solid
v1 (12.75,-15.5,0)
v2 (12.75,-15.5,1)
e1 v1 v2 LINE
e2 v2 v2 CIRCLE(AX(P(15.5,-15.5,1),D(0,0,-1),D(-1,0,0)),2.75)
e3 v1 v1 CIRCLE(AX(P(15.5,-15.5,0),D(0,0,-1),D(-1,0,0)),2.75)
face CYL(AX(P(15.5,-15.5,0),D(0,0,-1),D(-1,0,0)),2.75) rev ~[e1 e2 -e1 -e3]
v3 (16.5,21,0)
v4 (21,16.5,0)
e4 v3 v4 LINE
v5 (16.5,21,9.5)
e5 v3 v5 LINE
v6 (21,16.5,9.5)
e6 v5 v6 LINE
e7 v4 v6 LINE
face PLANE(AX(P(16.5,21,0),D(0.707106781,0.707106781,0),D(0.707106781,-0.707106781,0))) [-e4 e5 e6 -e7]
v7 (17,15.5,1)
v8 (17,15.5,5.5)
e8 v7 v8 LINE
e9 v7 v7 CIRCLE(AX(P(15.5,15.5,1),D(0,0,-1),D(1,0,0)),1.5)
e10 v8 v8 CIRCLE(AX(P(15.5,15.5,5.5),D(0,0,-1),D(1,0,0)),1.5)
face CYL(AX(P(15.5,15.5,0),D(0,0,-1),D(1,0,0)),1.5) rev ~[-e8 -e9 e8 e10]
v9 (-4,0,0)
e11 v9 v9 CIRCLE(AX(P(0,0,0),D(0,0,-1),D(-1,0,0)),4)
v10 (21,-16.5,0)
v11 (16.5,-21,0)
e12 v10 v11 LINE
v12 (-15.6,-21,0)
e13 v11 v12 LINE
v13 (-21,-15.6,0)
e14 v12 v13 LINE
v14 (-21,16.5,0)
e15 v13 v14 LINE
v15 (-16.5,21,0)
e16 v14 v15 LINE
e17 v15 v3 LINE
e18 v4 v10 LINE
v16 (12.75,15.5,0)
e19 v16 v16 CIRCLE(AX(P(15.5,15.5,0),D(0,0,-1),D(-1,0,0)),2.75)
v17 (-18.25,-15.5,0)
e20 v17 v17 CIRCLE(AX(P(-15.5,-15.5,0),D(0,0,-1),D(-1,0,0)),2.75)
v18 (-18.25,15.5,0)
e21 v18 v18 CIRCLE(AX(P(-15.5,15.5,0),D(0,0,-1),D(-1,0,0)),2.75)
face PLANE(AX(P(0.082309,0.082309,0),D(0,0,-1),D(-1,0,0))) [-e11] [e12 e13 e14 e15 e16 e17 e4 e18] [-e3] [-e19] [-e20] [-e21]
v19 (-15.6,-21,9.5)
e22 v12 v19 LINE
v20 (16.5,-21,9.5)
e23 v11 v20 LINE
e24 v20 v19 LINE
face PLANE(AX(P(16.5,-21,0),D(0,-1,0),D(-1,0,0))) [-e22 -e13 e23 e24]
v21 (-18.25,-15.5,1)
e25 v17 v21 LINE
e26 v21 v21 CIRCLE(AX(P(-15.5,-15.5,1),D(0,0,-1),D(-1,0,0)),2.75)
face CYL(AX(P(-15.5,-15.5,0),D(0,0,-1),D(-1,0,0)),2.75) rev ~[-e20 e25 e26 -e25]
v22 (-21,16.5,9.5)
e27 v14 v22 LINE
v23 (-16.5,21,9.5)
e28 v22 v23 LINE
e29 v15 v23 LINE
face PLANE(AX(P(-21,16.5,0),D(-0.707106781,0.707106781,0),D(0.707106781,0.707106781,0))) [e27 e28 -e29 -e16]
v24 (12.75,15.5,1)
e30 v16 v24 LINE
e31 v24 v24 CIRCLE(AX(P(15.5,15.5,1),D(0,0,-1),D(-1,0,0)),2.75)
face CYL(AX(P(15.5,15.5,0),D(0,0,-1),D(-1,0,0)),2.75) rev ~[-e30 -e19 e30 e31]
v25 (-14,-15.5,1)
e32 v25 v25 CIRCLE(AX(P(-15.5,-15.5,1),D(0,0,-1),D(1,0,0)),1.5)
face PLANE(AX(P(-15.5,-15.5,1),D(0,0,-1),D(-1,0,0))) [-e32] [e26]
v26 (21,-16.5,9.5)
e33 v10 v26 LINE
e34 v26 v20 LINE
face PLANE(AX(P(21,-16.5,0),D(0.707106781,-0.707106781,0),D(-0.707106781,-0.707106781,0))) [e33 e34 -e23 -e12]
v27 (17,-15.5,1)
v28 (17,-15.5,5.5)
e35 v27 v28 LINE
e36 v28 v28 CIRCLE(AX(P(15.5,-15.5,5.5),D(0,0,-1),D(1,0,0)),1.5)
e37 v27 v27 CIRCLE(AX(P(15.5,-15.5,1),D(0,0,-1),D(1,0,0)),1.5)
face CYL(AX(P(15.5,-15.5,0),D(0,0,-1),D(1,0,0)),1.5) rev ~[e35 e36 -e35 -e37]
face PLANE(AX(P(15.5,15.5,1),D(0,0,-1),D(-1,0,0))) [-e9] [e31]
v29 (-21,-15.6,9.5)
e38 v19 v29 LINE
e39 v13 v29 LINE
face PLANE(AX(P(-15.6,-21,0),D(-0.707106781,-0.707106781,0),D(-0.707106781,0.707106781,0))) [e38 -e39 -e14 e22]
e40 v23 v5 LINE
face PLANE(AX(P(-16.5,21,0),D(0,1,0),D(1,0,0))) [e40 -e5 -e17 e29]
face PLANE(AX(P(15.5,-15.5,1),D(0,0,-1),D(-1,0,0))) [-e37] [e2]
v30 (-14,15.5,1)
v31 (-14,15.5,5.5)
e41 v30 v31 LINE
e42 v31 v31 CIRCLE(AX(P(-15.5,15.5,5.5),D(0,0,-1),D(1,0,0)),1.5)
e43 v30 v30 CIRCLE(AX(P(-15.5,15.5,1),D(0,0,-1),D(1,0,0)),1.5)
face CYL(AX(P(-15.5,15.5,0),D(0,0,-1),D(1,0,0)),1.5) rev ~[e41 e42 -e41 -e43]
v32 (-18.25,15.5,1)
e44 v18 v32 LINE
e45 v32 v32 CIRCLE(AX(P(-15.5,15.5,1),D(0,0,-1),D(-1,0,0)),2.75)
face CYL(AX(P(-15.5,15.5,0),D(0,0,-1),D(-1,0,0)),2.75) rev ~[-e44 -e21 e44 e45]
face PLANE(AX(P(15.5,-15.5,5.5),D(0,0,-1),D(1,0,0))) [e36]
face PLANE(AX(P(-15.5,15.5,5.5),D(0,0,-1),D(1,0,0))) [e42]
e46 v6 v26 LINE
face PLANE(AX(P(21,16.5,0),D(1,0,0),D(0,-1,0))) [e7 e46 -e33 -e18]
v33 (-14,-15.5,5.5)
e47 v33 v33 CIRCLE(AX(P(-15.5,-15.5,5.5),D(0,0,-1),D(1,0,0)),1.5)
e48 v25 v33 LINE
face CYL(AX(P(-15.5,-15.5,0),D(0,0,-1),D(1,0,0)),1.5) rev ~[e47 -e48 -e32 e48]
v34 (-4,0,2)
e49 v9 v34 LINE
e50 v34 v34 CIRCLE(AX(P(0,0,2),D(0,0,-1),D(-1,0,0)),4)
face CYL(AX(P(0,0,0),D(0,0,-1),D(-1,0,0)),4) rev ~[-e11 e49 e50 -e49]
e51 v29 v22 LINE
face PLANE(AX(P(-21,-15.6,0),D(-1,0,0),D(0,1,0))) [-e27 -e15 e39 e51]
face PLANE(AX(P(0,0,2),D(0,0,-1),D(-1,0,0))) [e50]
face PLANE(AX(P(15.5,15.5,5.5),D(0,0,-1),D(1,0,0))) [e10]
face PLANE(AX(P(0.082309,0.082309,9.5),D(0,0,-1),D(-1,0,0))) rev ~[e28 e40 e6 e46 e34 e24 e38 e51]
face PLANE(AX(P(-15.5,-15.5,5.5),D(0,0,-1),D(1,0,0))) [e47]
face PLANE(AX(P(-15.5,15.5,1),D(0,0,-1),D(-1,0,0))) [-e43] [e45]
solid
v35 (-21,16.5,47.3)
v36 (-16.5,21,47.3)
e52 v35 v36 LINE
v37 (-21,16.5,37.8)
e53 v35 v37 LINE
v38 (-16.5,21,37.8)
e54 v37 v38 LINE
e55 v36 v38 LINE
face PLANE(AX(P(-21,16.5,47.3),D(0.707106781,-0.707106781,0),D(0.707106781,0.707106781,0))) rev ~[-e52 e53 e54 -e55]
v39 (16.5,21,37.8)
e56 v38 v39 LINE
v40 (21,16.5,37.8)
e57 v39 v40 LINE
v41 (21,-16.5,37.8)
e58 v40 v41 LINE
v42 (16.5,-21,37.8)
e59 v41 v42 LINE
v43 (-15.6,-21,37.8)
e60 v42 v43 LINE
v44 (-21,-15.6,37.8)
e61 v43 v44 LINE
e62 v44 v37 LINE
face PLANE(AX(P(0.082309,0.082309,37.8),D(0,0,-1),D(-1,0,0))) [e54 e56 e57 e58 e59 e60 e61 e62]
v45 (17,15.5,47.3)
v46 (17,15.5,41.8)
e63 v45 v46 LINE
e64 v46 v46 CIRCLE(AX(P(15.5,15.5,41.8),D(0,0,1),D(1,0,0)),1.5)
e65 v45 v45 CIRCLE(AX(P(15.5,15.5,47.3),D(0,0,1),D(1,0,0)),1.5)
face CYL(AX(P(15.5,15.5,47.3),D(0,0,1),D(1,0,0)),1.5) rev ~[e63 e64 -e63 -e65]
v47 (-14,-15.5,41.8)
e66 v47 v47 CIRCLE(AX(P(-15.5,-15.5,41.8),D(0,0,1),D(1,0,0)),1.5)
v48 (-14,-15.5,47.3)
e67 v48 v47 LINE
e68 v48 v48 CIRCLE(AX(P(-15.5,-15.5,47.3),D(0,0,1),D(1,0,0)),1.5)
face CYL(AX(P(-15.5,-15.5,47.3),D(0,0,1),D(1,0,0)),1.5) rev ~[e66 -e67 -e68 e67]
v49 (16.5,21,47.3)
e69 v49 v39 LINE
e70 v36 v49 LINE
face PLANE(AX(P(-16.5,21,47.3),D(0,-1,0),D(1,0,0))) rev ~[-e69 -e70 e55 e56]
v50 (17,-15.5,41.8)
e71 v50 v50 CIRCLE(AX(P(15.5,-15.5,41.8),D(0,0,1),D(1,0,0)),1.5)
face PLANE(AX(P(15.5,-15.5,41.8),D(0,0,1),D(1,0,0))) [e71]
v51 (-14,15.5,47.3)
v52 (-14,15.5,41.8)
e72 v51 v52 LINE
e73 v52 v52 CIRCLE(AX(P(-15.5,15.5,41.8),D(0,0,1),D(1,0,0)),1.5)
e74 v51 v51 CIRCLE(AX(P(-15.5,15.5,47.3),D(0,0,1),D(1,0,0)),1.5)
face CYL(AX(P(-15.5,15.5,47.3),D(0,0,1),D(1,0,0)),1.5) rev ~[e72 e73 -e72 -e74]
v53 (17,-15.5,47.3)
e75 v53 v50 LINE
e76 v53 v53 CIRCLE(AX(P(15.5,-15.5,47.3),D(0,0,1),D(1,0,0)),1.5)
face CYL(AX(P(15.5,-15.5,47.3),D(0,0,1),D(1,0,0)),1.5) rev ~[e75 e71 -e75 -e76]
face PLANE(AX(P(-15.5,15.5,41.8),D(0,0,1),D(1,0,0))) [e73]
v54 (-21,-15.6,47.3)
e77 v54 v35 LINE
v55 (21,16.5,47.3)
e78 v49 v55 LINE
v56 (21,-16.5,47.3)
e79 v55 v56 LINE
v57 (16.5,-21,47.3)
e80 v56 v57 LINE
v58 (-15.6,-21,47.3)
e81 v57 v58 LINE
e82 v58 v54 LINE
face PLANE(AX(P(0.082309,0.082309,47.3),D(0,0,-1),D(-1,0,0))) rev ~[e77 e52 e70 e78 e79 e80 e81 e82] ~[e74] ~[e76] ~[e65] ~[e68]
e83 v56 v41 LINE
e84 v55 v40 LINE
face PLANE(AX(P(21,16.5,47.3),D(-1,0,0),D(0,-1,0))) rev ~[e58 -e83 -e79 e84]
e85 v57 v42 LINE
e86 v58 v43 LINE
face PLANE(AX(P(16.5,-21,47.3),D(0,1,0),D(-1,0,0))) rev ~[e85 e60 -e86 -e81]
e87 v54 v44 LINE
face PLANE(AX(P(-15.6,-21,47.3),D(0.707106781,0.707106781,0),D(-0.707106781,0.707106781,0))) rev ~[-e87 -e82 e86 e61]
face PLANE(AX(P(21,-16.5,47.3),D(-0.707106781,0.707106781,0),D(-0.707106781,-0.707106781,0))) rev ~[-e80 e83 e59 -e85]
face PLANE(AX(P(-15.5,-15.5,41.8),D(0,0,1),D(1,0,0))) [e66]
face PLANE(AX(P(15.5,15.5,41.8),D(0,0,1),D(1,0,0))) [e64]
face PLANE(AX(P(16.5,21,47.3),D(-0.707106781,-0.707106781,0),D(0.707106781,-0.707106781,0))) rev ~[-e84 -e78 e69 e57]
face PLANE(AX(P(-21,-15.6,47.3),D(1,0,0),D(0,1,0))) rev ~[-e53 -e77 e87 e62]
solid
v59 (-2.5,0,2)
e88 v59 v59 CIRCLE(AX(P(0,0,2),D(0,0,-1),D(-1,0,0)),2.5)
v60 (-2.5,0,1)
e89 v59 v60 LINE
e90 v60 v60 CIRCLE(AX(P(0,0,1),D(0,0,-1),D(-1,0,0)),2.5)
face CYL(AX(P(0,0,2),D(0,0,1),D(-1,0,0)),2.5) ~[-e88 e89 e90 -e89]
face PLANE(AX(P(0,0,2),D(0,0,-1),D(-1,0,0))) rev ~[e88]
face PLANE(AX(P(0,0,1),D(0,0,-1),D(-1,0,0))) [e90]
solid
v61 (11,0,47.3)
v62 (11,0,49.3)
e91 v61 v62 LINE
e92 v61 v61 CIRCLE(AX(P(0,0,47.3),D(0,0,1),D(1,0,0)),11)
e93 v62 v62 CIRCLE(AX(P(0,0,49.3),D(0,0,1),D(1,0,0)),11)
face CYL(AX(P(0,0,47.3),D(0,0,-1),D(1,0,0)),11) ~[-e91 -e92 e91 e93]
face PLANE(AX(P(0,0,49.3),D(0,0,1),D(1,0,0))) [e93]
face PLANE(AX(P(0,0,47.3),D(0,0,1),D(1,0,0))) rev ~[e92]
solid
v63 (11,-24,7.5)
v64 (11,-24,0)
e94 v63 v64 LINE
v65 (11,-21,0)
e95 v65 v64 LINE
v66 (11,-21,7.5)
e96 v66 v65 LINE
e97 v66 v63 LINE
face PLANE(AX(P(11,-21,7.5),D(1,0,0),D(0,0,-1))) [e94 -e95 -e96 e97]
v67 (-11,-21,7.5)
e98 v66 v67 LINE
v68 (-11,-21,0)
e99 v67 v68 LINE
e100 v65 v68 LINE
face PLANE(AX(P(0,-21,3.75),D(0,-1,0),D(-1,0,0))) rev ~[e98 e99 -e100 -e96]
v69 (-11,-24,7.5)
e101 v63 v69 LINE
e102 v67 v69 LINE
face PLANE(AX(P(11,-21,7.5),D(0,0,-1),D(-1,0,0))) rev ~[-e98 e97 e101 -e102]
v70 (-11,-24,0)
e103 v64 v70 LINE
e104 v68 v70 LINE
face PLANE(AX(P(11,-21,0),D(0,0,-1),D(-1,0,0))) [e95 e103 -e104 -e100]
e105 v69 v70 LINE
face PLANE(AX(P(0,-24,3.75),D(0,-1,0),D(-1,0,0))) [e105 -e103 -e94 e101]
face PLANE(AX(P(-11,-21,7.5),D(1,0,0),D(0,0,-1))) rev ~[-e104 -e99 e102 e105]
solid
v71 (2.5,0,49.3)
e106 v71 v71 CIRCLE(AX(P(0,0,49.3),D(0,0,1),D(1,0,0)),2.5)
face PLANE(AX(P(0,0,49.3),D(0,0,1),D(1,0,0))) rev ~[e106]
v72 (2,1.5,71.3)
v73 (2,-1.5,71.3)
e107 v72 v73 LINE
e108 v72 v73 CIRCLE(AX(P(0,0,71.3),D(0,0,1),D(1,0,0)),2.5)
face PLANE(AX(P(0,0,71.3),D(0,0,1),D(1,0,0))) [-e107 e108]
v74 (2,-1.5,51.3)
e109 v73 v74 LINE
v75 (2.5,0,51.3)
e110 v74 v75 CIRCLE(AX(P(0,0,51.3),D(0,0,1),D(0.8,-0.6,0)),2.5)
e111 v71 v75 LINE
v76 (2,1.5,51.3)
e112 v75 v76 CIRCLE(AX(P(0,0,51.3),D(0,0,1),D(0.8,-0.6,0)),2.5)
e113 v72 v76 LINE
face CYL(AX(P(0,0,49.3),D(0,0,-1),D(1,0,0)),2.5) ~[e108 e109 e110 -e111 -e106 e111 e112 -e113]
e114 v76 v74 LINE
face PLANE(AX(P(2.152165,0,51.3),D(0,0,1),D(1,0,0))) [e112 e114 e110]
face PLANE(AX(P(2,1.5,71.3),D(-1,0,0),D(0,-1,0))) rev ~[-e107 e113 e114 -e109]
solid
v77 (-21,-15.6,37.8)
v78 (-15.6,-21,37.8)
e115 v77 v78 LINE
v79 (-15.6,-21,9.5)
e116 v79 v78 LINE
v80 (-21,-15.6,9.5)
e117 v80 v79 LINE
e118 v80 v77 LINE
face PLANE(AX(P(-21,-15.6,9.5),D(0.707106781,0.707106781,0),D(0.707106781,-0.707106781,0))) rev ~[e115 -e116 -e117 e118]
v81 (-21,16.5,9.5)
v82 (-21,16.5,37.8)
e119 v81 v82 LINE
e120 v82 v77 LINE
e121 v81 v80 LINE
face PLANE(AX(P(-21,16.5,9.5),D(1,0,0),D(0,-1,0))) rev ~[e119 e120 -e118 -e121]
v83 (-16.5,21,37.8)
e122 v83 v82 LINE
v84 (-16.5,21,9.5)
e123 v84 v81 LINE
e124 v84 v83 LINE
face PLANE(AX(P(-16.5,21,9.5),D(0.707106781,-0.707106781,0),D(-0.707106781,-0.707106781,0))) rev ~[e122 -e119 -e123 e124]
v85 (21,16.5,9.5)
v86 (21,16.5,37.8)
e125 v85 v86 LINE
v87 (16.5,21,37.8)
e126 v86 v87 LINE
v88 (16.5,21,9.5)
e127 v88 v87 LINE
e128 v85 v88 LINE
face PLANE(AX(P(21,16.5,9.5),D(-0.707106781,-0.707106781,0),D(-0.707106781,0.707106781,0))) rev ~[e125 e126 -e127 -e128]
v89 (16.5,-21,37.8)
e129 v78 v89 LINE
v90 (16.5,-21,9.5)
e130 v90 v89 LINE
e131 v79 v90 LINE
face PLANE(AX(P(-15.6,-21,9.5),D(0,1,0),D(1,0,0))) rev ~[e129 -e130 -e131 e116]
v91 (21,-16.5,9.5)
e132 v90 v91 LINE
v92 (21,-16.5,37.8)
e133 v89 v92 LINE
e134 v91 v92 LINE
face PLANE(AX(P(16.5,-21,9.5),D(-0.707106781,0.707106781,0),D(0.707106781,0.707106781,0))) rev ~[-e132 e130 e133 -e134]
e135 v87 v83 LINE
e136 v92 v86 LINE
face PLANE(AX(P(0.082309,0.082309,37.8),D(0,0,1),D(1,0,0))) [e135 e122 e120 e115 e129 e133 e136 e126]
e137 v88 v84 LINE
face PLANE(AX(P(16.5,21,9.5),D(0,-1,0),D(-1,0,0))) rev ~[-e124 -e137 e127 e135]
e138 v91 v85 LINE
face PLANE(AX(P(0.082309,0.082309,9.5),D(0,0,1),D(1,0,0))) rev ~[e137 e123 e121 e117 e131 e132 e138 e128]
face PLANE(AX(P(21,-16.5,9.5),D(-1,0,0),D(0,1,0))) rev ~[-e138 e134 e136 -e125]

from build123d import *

# Parameters (mm, degrees)
BOSS_EXTRUDE1_DEPTH  = 9.5
BOSS_EXTRUDE7_DEPTH  = 9.5
EXTRUDE_5_DEPTH      = 28.3
SKETCH11_R           = 11
BOSS_EXTRUDE9_DEPTH  = 2
SKETCH10_R           = 1.5
CUT_EXTRUDE3_DEPTH   = 5.5
SKETCH12_R           = 2.5
BOSS_EXTRUDE10_DEPTH = 22
SKETCH14_R           = 1.5
CUT_EXTRUDE5_DEPTH   = 5.5
SKETCH16_R           = 4
CUT_EXTRUDE6_DEPTH   = 2
SKETCH17_R           = 2.5
BOSS_EXTRUDE11_DEPTH = 1
SKETCH18_R           = 2.75
CUT_EXTRUDE7_DEPTH   = 1
SKETCH_3_W           = 22
SKETCH_3_H           = 7.5
EXTRUDE_4_DEPTH      = 3
CUT_EXTRUDE_1_DEPTH  = 20


with BuildPart() as part:
    # Sketch1 → Boss-Extrude1 (new body)
    with BuildSketch(Plane.XY):
        Polygon((-21, 16.5), (-16.5, 21), (16.5, 21), (21, 16.5), (21, -16.5), (16.5, -21), (-15.6, -21), (-21, -15.6), align=None)
    extrude(amount=BOSS_EXTRUDE1_DEPTH)

    # Sketch14 → Cut-Extrude5 (cut)
    with BuildSketch(Plane(origin=(0, 0, 0), x_dir=(-1, 0, 0), z_dir=(0, 0, -1))):
        with Locations(Location((15.5, -15.5, 0), (0, 0, 180))):
            Circle(SKETCH14_R)
        with Locations(Location((-15.5, -15.5, 0), (0, 0, 180))):
            Circle(SKETCH14_R)
        with Locations(Location((-15.5, 15.5, 0), (0, 0, 180))):
            Circle(SKETCH14_R)
        with Locations(Location((15.5, 15.5, 0), (0, 0, 180))):
            Circle(SKETCH14_R)
    extrude(amount=-CUT_EXTRUDE5_DEPTH, mode=Mode.SUBTRACT)

    # Sketch16 → Cut-Extrude6 (cut)
    with BuildSketch(Plane(origin=(0, 0, 0), x_dir=(-1, 0, 0), z_dir=(0, 0, -1))):
        Circle(SKETCH16_R)
    extrude(amount=-CUT_EXTRUDE6_DEPTH, mode=Mode.SUBTRACT)

    # Sketch18 → Cut-Extrude7 (cut)
    with BuildSketch(Plane(origin=(0, 0, 0), x_dir=(-1, 0, 0), z_dir=(0, 0, -1))):
        with Locations((15.5, -15.5)):
            Circle(SKETCH18_R)
        with Locations((-15.5, -15.5)):
            Circle(SKETCH18_R)
        with Locations((-15.5, 15.5)):
            Circle(SKETCH18_R)
        with Locations((15.5, 15.5)):
            Circle(SKETCH18_R)
    extrude(amount=-CUT_EXTRUDE7_DEPTH, mode=Mode.SUBTRACT)


with BuildPart() as body_2:
    # Sketch8 → Boss-Extrude7 (new body)
    with BuildSketch(Plane(origin=(0, 0, 47.3), x_dir=(-1, 0, 0), z_dir=(0, 0, -1))):
        Polygon((21, 16.5), (16.5, 21), (-16.5, 21), (-21, 16.5), (-21, -16.5), (-16.5, -21), (15.6, -21), (21, -15.6), align=None)
    extrude(amount=BOSS_EXTRUDE7_DEPTH)

    # Sketch10 → Cut-Extrude3 (cut)
    with BuildSketch(Plane.XY.offset(47.3)):
        with Locations((-15.5, 15.5)):
            Circle(SKETCH10_R)
        with Locations((15.5, 15.5)):
            Circle(SKETCH10_R)
        with Locations((15.5, -15.5)):
            Circle(SKETCH10_R)
        with Locations((-15.5, -15.5)):
            Circle(SKETCH10_R)
    extrude(amount=-CUT_EXTRUDE3_DEPTH, mode=Mode.SUBTRACT)


with BuildPart() as body_3:
    # 草图6 → 凸台-拉伸5 (new body)
    with BuildSketch(Plane.XY.offset(9.5)):
        Polygon((16.5, 21), (-16.5, 21), (-21, 16.5), (-21, -15.6), (-15.6, -21), (16.5, -21), (21, -16.5), (21, 16.5), align=None)
    extrude(amount=EXTRUDE_5_DEPTH)


with BuildPart() as body_4:
    # Sketch11 → Boss-Extrude9 (new body)
    with BuildSketch(Plane.XY.offset(47.3)):
        Circle(SKETCH11_R)
    extrude(amount=BOSS_EXTRUDE9_DEPTH)


with BuildPart() as body_5:
    # Sketch12 → Boss-Extrude10 (new body)
    with BuildSketch(Plane.XY.offset(49.3)):
        Circle(SKETCH12_R)
    extrude(amount=BOSS_EXTRUDE10_DEPTH)

    # 草图5 → 切除-拉伸1 (cut)
    with BuildSketch(Plane.XY.offset(71.3)):
        with BuildLine():
            Line((2, 1.5), (2, -1.5))
            ThreePointArc((2, -1.5), (2.5, 0), (2, 1.5))
        make_face()
    extrude(amount=-CUT_EXTRUDE_1_DEPTH, mode=Mode.SUBTRACT)


with BuildPart() as body_6:
    # Sketch17 → Boss-Extrude11 (new body)
    with BuildSketch(Plane(origin=(0, 0, 2), x_dir=(-1, 0, 0), z_dir=(0, 0, -1))):
        Circle(SKETCH17_R)
    extrude(amount=BOSS_EXTRUDE11_DEPTH)


with BuildPart() as body_7:
    # 草图3 → 凸台-拉伸4 (new body)
    with BuildSketch(Plane(origin=(0, -21, 0), x_dir=(-1, 0, 0), z_dir=(0, -1, 0))):
        with Locations((0, -3.75)):
            Rectangle(SKETCH_3_W, SKETCH_3_H)
    extrude(amount=EXTRUDE_4_DEPTH)


solid = Compound([part.part, body_2.part, body_3.part, body_4.part, body_5.part, body_6.part, body_7.part])
